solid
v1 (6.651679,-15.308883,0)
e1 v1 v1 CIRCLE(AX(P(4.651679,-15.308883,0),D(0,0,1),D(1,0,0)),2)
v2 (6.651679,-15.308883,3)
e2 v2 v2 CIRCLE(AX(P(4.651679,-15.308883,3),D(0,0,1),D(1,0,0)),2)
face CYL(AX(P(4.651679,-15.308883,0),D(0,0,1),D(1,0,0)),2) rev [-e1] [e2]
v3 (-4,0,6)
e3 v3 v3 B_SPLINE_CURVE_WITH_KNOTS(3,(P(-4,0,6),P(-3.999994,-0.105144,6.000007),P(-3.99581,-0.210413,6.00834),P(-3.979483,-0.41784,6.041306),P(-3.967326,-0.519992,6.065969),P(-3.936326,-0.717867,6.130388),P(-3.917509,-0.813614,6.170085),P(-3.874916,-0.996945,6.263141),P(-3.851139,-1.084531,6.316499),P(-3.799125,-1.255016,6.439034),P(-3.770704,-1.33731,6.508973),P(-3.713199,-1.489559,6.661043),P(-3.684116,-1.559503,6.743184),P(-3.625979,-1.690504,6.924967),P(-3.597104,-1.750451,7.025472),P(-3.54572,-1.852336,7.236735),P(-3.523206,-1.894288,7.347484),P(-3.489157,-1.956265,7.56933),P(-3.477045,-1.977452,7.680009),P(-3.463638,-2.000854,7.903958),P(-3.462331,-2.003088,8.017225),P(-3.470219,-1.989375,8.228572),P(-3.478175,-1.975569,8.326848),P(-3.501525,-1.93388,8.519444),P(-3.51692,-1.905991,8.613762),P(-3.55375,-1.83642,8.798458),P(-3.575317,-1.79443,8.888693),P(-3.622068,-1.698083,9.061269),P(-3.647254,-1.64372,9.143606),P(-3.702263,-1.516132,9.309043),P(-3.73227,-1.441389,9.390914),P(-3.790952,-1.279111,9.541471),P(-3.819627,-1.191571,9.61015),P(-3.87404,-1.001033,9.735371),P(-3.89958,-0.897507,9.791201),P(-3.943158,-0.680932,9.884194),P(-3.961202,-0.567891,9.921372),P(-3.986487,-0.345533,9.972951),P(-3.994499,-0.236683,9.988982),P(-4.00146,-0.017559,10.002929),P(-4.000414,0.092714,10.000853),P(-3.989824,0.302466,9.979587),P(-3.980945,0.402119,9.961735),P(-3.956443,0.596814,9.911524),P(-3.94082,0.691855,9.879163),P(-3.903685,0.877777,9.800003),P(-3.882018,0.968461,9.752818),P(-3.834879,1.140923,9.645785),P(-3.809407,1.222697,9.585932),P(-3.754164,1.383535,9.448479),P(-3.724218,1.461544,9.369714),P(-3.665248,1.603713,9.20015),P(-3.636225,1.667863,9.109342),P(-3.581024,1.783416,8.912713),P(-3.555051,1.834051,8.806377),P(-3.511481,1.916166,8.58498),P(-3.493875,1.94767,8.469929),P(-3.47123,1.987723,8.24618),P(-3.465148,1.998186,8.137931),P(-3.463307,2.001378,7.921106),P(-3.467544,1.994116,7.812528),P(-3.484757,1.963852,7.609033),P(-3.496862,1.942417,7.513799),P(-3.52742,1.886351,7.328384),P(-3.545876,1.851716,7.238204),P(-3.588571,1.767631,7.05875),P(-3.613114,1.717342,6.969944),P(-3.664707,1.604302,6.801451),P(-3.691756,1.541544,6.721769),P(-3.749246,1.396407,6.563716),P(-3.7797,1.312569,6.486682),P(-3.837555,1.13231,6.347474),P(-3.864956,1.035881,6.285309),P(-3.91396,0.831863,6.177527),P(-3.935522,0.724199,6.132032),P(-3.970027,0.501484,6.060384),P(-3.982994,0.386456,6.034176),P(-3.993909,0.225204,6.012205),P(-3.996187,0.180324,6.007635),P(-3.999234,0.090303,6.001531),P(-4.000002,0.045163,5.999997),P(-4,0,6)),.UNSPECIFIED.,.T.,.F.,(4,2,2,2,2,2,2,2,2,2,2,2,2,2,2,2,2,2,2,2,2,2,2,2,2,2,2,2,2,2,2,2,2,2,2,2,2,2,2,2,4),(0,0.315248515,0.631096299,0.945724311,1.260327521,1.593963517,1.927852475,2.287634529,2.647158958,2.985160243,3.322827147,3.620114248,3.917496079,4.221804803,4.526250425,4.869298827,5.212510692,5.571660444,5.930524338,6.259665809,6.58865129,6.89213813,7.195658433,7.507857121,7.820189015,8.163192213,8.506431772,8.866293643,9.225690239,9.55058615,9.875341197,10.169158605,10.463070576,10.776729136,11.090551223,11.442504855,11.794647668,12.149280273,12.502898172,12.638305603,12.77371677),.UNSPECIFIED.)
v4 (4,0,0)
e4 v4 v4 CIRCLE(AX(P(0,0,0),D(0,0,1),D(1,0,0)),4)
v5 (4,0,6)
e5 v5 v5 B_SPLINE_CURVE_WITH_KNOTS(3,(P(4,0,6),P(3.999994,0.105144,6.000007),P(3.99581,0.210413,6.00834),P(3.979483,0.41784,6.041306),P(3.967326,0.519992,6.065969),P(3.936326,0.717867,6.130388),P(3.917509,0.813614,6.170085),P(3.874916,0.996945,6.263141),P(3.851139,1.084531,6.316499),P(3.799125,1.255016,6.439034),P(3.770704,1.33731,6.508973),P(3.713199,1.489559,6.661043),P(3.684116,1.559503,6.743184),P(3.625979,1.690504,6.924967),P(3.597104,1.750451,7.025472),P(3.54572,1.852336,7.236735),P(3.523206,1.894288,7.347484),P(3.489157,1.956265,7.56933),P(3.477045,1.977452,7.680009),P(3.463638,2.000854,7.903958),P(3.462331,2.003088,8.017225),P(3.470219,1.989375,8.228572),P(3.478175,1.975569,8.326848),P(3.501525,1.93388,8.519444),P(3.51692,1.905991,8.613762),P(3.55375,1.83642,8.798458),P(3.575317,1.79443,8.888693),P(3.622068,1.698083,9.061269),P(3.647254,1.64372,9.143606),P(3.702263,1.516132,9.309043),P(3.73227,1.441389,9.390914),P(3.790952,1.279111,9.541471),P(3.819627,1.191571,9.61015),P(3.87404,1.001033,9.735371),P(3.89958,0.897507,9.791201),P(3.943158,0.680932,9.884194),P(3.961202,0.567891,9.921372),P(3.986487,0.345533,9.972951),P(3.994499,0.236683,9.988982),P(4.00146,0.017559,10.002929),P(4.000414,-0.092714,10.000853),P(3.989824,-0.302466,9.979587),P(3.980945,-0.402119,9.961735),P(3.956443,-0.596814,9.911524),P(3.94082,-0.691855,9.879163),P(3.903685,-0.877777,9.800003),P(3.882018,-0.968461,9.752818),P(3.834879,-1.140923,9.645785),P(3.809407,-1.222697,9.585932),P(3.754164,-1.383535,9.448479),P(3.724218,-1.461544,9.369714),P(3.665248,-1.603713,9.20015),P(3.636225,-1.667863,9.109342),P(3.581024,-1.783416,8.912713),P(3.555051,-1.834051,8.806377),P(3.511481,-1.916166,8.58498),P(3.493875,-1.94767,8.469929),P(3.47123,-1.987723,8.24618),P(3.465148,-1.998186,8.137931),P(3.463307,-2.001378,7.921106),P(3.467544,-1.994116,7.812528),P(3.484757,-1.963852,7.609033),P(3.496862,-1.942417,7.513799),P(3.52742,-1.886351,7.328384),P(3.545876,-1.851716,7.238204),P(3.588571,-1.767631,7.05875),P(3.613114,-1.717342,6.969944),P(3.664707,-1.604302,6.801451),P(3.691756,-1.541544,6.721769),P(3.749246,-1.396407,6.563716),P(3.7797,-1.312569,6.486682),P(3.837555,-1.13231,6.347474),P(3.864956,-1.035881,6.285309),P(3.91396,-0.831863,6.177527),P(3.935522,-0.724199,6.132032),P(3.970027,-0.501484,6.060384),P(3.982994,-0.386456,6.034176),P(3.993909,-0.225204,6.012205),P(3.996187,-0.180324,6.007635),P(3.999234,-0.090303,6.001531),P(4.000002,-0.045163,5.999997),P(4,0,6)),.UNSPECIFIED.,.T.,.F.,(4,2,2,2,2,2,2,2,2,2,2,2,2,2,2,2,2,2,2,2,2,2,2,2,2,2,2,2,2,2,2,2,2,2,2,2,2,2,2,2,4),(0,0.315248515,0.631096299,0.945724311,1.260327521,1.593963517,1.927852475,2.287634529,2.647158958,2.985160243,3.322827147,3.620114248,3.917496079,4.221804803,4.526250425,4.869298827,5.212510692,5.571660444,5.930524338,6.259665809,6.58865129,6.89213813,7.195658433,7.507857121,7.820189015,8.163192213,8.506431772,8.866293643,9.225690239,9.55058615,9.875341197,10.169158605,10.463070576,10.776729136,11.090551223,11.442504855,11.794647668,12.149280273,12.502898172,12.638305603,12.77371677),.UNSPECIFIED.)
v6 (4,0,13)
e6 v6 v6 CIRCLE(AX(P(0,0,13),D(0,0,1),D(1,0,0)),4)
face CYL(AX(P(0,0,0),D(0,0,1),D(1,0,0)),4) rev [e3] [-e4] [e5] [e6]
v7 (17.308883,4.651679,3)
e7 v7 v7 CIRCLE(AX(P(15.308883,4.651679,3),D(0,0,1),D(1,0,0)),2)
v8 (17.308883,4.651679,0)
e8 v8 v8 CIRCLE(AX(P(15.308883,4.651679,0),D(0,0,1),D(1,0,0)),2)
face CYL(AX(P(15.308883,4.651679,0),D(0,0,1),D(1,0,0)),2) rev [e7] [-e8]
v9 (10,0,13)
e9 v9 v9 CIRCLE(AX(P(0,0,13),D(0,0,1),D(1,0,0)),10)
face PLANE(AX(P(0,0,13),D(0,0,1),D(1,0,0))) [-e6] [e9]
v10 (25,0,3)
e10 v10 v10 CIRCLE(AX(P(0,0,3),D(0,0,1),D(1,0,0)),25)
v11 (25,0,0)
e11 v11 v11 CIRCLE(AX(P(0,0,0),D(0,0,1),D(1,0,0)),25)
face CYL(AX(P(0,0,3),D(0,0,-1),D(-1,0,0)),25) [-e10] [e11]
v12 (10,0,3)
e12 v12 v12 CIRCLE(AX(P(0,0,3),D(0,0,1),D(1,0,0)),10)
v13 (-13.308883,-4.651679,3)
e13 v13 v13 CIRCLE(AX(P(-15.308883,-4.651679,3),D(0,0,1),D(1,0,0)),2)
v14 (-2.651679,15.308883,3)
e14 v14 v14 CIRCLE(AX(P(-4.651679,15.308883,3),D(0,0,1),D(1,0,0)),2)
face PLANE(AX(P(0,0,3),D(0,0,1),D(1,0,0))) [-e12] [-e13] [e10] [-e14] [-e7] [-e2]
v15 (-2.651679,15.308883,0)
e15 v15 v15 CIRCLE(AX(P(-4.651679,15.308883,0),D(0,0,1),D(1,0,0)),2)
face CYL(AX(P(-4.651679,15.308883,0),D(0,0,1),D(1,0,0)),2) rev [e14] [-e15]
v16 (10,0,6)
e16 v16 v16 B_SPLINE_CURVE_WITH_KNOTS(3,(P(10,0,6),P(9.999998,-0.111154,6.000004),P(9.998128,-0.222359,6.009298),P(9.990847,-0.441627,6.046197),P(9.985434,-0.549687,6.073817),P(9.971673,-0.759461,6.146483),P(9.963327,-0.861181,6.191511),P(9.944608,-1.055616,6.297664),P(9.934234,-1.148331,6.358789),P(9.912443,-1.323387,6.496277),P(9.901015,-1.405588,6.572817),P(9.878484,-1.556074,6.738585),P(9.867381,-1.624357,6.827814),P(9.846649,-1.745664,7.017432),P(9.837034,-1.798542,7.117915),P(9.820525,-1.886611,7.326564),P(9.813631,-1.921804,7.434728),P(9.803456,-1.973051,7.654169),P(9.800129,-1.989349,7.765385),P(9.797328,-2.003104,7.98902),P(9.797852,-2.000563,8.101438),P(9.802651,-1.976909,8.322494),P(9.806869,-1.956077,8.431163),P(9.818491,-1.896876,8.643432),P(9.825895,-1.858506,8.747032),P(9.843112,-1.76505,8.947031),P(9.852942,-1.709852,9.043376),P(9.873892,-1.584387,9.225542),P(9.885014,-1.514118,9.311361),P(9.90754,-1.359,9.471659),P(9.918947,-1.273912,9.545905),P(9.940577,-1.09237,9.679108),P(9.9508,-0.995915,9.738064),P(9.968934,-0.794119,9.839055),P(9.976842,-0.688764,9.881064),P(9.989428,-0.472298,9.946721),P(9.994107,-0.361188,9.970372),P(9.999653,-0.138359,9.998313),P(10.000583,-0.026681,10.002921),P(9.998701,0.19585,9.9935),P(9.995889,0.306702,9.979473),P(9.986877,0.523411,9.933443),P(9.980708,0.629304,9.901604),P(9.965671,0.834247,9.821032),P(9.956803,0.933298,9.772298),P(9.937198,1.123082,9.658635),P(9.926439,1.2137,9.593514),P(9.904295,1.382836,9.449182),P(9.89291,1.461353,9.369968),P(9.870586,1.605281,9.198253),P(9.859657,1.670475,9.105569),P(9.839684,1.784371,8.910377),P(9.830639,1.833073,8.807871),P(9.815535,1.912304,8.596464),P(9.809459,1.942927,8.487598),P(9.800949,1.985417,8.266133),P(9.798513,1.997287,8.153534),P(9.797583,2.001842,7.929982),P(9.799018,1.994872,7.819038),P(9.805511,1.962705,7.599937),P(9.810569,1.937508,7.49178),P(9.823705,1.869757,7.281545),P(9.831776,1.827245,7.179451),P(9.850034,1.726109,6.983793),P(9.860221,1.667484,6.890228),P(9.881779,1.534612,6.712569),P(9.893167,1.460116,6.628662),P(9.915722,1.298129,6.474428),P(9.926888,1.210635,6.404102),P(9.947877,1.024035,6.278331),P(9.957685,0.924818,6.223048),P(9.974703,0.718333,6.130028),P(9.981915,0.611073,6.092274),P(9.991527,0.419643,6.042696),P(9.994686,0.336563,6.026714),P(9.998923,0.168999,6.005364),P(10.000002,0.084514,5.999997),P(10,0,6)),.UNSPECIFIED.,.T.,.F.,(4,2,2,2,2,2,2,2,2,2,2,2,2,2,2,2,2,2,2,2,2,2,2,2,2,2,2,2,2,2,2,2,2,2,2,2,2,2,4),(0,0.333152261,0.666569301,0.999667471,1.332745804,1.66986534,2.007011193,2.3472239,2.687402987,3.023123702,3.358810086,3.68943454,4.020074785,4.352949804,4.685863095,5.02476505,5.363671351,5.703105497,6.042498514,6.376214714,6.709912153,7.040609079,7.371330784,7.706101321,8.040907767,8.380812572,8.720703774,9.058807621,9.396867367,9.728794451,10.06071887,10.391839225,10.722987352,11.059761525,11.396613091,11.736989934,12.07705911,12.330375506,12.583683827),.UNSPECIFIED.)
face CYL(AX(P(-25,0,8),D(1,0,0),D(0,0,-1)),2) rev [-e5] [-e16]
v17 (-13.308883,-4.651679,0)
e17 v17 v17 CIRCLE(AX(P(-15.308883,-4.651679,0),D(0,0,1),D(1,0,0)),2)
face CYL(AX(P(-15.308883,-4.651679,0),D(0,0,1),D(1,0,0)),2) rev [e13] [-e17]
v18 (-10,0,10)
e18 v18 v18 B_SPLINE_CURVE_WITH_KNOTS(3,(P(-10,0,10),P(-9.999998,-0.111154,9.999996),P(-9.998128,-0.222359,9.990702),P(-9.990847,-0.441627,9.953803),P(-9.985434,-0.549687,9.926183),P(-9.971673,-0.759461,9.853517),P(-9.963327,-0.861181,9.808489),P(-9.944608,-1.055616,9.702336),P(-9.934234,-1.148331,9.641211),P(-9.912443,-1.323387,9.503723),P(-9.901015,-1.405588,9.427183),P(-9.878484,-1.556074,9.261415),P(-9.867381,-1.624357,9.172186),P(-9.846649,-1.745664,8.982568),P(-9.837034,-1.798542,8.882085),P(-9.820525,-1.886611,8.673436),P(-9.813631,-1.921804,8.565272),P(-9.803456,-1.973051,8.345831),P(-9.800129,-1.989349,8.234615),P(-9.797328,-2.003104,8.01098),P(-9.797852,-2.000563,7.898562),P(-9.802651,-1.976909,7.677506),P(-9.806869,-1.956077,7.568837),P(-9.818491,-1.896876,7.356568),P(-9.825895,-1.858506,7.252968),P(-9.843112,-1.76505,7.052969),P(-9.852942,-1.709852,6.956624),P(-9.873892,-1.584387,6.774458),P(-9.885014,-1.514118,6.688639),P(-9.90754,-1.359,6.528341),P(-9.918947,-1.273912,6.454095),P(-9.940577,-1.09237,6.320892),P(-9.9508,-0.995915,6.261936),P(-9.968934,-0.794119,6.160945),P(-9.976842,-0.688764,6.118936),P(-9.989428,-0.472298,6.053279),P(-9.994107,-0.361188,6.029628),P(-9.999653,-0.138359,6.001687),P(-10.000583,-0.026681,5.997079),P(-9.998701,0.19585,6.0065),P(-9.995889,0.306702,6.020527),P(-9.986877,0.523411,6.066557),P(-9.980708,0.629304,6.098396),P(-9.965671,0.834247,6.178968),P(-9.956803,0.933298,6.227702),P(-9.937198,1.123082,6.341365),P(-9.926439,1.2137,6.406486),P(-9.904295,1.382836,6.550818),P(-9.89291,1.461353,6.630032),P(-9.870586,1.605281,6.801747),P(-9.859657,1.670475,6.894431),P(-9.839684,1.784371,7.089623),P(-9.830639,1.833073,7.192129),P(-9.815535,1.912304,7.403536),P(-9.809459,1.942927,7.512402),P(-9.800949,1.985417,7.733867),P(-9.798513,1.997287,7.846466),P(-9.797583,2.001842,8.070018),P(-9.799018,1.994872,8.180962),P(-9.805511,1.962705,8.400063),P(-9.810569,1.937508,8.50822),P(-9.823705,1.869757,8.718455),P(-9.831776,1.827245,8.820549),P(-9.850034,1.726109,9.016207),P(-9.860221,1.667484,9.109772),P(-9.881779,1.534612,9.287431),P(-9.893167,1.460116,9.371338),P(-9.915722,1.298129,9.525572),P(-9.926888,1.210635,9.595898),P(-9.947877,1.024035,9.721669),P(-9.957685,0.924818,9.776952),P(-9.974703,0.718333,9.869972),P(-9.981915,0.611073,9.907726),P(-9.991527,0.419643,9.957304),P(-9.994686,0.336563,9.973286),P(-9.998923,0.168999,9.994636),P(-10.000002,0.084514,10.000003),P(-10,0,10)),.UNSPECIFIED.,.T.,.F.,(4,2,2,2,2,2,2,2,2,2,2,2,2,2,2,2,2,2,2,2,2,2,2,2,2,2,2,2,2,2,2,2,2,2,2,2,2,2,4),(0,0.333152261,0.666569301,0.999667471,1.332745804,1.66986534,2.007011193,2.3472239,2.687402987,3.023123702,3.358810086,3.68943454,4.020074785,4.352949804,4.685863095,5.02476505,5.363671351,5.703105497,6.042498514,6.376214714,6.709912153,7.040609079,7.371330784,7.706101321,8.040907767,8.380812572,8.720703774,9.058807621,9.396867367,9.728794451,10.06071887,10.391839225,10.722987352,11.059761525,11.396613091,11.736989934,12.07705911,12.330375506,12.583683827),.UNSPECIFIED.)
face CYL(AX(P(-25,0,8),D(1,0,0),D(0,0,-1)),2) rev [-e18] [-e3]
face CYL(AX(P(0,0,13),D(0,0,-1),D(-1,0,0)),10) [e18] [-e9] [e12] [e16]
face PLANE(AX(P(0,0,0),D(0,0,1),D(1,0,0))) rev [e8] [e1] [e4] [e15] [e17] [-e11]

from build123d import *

# Parameters (mm, degrees)
CROQUIS1_R                 = 25
SALIENTE_EXTRUIR1_DEPTH    = 3
CROQUIS2_R                 = 10
SALIENTE_EXTRUIR2_DEPTH    = 10
CROQUIS3_R                 = 4
CORTAR_EXTRUIR1_DEPTH      = 38.669616404
CROQUIS4_R                 = 2
CORTAR_EXTRUIR2_DEPTH      = 37.742346142
CORTAR_EXTRUIR3_DEPTH      = 38.669616404
CORTAR_EXTRUIR3_DEPTH_BACK = 38.669616404
CROQUIS5_R                 = 2


with BuildPart() as part:
    # Croquis1 → Saliente-Extruir1 (new body)
    with BuildSketch(Plane.XY):
        Circle(CROQUIS1_R)
    extrude(amount=SALIENTE_EXTRUIR1_DEPTH)

    # Croquis2 → Saliente-Extruir2 (add)
    with BuildSketch(Plane.XY.offset(3)):
        Circle(CROQUIS2_R)
    extrude(amount=SALIENTE_EXTRUIR2_DEPTH)

    # Croquis3 → Cortar-Extruir1 (cut, through all)
    with BuildSketch(Plane.XY.offset(13)):
        Circle(CROQUIS3_R)
    extrude(amount=-CORTAR_EXTRUIR1_DEPTH, mode=Mode.SUBTRACT)

    # Croquis4 → Cortar-Extruir2 (cut, through all)
    with BuildSketch(Plane.XY.offset(3)):
        with Locations((-4.65167861, 15.308882589)):
            Circle(CROQUIS4_R)
        with Locations((15.308882589, 4.65167861)):
            Circle(CROQUIS4_R)
        with Locations((4.65167861, -15.308882589)):
            Circle(CROQUIS4_R)
        with Locations((-15.308882589, -4.65167861)):
            Circle(CROQUIS4_R)
    extrude(amount=-CORTAR_EXTRUIR2_DEPTH, mode=Mode.SUBTRACT)

    # Croquis5 → Cortar-Extruir3 (cut, two sides: drawn at the far end of the back side and taken through both)
    with BuildSketch(Plane(origin=(0, 0, 0), x_dir=(0, 0, -1), z_dir=(1, 0, 0)).offset(-CORTAR_EXTRUIR3_DEPTH_BACK)):
        with Locations((-8, 0)):
            Circle(CROQUIS5_R)
    extrude(amount=CORTAR_EXTRUIR3_DEPTH + CORTAR_EXTRUIR3_DEPTH_BACK, mode=Mode.SUBTRACT)


solid = part.part
